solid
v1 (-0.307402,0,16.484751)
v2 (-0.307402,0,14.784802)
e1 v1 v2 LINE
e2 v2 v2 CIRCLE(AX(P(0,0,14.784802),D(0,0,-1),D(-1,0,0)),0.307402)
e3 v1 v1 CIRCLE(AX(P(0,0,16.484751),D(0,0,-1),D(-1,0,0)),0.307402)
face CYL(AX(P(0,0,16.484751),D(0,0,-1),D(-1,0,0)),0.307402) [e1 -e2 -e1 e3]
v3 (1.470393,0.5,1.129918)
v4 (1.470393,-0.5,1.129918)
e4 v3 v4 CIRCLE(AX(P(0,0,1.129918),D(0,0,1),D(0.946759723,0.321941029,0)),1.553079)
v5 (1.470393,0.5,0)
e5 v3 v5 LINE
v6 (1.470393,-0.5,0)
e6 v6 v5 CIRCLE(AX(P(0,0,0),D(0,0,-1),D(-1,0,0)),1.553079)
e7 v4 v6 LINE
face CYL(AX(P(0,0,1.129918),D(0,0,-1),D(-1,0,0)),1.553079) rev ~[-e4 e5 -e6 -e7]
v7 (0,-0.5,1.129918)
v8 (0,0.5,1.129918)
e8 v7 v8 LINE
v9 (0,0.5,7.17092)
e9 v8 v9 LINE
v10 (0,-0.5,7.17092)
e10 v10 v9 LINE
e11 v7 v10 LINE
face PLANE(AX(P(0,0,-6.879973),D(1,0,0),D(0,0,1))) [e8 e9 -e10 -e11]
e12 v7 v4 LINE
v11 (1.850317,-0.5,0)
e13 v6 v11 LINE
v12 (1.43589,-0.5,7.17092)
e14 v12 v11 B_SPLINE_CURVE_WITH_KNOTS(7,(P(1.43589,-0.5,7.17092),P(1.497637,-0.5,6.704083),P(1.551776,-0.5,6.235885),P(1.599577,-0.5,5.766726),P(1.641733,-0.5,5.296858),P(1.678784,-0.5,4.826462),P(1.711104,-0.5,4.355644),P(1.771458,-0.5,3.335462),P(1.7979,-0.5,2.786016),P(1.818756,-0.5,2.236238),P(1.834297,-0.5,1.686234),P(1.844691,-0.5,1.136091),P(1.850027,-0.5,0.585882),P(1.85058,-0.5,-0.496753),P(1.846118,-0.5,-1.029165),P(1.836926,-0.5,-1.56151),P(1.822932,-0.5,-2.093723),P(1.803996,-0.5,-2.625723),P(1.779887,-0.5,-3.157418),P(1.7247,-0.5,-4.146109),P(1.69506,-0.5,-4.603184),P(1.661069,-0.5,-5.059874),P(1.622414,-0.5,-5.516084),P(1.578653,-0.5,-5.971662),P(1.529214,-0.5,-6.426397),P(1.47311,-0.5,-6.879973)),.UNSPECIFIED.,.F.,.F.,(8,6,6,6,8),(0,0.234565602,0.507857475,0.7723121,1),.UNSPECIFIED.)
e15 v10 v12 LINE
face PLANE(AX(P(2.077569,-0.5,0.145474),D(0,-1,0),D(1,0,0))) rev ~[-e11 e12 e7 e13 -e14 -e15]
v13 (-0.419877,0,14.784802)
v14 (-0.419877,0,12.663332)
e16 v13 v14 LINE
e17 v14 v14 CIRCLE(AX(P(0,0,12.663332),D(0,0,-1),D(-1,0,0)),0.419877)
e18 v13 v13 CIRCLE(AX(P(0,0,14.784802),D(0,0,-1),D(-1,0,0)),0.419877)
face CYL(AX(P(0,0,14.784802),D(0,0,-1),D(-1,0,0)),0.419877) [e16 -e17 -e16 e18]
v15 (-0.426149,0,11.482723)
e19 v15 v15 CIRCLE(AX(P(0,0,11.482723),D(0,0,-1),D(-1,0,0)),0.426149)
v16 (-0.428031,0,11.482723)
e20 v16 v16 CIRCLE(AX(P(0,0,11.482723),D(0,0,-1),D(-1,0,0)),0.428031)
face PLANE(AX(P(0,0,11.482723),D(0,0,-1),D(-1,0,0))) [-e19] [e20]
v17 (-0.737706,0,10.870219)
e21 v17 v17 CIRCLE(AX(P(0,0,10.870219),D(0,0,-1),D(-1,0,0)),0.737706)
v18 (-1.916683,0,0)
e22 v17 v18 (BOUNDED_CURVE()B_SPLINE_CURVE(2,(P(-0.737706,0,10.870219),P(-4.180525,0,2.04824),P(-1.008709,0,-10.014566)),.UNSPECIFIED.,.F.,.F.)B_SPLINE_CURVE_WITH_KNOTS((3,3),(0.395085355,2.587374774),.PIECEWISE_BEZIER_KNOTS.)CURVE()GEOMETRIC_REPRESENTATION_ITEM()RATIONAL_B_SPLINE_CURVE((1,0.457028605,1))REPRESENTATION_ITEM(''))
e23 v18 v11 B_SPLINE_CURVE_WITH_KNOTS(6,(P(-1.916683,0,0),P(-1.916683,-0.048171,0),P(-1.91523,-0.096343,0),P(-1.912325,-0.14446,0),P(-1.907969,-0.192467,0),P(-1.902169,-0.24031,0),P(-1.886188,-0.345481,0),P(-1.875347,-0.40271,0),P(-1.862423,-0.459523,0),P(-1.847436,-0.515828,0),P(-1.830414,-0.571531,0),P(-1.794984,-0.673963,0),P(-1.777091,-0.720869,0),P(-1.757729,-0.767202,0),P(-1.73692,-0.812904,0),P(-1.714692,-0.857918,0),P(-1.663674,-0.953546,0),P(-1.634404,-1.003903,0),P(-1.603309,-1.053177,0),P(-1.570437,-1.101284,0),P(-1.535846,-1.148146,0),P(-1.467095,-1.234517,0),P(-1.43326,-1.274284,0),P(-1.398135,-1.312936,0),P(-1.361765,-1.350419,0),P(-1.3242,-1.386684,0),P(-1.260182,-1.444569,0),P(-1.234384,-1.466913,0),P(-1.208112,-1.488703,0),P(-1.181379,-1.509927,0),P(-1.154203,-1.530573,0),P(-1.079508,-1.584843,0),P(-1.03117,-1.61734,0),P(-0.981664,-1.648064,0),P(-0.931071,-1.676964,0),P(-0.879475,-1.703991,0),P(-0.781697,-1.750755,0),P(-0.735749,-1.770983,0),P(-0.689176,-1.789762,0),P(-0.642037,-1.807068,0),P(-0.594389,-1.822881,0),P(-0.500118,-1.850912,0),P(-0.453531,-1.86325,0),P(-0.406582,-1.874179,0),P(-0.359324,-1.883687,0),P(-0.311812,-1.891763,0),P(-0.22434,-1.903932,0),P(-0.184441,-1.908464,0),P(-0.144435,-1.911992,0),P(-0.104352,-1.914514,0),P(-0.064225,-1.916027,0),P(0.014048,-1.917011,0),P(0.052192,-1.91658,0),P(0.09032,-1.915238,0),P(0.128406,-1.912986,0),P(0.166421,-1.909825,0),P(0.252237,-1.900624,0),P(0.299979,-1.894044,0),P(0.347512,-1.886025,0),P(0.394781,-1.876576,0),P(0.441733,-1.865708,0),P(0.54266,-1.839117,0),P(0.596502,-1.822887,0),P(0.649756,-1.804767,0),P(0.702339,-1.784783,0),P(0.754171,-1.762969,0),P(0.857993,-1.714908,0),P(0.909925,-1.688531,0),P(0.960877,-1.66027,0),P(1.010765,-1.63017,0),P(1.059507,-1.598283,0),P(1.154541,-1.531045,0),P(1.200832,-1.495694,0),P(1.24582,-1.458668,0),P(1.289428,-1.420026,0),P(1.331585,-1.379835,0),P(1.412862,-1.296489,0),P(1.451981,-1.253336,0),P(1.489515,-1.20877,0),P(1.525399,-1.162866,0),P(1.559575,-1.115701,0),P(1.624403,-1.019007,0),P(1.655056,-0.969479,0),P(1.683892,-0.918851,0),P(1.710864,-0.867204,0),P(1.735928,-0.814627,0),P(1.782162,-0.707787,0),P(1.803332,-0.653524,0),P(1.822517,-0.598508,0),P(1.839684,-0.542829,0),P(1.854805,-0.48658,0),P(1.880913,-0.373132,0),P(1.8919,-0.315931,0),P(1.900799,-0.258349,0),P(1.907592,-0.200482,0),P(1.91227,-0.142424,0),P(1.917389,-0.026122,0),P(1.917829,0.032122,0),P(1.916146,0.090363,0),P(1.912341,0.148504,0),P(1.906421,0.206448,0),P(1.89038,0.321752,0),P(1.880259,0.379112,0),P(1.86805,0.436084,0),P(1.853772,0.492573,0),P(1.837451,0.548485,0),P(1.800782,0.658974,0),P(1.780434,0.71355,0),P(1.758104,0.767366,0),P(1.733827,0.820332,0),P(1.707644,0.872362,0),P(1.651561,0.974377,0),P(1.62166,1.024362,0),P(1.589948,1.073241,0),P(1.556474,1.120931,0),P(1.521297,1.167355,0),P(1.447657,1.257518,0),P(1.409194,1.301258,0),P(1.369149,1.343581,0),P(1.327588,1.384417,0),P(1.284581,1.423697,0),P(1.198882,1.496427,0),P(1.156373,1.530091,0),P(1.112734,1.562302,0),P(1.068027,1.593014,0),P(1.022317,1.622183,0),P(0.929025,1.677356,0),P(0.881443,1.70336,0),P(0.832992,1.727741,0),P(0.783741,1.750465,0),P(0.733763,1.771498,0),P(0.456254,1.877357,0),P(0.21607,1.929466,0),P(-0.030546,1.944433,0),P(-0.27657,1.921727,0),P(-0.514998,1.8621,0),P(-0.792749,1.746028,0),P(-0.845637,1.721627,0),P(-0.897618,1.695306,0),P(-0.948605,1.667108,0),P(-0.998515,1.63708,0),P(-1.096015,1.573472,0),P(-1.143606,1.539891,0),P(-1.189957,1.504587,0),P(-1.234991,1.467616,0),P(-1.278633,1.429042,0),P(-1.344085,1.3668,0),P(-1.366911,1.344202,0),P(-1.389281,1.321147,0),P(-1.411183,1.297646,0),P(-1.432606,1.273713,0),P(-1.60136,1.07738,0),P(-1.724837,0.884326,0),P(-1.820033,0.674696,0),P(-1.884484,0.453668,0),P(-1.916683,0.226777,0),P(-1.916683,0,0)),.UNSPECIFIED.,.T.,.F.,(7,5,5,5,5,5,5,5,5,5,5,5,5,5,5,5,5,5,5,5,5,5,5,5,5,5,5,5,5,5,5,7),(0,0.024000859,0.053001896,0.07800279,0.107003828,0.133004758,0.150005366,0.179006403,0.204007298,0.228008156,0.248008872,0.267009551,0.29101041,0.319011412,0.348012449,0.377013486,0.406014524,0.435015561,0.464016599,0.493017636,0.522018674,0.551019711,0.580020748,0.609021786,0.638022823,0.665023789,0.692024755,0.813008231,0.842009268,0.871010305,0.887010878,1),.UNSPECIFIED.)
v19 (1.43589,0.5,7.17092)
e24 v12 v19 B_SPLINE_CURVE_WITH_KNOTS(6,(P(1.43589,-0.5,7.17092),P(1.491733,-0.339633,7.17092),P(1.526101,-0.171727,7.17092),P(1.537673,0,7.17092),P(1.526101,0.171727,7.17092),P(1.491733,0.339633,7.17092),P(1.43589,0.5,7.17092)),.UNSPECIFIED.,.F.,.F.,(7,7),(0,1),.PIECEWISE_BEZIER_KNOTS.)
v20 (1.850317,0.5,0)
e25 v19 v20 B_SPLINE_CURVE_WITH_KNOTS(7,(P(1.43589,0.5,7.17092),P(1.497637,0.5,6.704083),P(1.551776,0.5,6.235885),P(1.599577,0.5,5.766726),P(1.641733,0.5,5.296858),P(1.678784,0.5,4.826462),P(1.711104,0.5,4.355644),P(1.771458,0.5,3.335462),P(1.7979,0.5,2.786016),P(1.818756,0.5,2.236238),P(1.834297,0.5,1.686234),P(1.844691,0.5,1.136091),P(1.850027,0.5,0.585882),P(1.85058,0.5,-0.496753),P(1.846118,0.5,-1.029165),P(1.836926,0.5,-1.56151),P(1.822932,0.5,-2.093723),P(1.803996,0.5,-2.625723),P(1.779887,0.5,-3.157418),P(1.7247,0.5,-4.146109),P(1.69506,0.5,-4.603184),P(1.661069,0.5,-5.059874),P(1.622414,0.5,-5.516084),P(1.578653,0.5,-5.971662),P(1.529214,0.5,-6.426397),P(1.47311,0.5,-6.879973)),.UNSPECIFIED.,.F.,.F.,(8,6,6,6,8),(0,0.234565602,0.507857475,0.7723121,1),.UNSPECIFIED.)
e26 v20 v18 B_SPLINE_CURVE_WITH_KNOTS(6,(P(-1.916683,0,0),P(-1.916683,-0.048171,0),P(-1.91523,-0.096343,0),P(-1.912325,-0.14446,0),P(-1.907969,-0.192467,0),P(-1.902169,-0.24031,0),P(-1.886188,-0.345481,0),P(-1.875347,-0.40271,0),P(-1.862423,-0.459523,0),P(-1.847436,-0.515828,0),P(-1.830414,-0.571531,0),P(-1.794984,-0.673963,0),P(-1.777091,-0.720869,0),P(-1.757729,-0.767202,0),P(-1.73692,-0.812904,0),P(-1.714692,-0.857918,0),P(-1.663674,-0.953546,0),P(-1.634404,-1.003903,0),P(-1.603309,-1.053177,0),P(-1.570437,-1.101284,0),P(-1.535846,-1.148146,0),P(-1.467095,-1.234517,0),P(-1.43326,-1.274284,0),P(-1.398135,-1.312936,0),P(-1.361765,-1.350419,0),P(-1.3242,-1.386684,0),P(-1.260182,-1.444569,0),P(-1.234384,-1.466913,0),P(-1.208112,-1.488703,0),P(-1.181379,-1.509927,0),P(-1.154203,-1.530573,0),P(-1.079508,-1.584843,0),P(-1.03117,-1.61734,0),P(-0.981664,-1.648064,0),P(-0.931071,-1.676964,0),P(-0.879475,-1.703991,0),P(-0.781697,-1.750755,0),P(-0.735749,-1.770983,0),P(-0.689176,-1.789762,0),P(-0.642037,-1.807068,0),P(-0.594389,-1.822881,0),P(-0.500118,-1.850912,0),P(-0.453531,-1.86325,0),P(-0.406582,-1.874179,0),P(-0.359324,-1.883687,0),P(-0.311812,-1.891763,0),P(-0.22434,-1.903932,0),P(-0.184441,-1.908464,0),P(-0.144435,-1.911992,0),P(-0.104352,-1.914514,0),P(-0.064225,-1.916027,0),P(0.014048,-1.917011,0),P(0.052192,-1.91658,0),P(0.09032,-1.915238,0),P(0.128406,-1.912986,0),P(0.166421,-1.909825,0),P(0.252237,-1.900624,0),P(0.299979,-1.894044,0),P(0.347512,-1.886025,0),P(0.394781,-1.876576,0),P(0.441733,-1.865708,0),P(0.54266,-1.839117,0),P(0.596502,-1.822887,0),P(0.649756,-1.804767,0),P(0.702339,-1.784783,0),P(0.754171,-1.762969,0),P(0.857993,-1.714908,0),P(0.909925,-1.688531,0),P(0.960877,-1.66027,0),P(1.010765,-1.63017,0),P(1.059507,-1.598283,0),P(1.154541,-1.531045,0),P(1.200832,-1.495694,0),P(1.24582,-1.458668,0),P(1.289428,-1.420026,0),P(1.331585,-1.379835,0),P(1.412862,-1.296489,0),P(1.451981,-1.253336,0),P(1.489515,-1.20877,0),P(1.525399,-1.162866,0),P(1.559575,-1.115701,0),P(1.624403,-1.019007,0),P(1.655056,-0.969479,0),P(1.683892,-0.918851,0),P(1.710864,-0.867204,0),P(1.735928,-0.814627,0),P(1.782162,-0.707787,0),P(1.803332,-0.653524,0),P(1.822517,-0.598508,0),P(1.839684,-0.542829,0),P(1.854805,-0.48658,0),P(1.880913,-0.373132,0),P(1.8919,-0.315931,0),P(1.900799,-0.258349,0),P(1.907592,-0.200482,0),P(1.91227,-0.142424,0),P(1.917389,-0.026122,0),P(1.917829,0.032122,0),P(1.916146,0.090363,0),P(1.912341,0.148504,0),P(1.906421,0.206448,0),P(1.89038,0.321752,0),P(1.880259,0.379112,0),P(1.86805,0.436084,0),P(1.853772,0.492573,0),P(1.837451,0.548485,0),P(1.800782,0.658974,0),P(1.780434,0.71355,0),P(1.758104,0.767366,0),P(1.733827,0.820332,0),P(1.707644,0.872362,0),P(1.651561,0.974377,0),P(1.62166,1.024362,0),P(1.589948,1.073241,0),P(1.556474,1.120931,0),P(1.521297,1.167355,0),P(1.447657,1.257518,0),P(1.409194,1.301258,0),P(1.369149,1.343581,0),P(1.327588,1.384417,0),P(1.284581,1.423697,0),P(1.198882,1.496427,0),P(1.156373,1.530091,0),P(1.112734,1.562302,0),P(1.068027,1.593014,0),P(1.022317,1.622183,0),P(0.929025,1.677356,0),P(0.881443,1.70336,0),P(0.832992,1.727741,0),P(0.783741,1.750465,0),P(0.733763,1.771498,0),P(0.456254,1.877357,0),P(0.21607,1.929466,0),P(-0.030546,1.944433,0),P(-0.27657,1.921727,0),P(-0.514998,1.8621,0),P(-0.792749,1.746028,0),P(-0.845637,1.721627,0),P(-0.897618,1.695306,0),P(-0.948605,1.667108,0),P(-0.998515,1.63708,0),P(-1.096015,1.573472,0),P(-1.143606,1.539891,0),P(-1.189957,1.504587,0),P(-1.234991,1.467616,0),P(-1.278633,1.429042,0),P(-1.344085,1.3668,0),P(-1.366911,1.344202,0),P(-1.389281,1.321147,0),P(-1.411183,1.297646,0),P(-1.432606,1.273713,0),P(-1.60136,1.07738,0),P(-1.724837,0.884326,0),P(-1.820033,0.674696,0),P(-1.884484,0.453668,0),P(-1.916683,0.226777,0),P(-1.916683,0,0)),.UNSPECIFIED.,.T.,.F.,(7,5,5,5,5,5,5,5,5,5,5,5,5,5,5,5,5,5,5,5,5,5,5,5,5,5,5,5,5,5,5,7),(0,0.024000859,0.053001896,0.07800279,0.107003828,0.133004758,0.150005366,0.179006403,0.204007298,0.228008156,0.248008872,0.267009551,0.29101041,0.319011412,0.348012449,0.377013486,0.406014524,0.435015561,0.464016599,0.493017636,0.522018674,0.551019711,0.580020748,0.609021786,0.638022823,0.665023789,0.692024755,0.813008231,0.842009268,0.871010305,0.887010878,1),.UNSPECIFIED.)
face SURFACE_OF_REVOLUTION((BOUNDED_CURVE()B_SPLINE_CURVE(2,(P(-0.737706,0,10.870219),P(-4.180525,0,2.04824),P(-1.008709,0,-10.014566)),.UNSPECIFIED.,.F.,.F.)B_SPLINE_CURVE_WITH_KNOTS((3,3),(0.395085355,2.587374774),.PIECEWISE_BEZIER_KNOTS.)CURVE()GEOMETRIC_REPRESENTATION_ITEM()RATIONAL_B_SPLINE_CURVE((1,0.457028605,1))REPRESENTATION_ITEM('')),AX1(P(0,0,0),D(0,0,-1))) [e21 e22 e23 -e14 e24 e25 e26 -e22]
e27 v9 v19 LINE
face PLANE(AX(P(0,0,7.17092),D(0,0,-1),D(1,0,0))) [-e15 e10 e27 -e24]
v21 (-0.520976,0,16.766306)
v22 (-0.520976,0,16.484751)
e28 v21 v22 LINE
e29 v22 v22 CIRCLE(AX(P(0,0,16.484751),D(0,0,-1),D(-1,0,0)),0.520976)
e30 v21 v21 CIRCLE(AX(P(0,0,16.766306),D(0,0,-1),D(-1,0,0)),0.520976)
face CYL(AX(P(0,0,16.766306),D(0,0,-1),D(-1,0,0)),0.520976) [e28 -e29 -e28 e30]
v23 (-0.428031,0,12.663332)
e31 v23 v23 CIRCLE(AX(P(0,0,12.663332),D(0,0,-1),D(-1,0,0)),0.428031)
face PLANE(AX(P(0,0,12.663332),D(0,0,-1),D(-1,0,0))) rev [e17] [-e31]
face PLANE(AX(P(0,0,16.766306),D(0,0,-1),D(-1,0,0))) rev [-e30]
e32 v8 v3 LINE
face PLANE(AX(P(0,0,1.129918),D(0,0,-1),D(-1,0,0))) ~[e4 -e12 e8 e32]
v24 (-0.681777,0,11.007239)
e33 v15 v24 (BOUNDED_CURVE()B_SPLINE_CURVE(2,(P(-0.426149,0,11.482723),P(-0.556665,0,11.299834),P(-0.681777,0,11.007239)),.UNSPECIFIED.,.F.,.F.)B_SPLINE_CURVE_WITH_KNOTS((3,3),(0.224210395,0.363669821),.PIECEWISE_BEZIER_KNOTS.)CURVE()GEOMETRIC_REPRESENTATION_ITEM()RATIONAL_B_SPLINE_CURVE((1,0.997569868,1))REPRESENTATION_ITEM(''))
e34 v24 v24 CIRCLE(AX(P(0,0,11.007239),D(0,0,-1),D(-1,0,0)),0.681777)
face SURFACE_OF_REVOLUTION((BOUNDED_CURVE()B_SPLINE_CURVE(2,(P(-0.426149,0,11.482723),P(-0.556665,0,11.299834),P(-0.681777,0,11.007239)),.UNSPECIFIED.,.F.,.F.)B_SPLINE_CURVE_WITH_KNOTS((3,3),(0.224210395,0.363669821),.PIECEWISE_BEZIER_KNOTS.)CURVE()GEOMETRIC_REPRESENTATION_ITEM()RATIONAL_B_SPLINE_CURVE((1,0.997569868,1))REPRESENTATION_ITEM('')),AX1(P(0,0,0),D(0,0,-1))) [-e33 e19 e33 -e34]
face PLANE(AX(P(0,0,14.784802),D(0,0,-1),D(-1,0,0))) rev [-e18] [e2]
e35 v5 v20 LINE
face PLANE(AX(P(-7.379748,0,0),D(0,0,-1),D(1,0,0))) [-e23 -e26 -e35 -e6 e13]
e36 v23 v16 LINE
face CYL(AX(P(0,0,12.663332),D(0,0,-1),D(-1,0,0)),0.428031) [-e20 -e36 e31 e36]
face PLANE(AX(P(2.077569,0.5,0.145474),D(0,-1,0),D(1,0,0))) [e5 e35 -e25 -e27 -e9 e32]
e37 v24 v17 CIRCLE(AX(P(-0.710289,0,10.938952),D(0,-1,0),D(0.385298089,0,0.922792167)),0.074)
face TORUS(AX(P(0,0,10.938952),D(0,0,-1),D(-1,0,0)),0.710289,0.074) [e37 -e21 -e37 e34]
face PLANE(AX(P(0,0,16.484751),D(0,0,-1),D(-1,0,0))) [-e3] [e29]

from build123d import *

# Parameters (mm, degrees)
F4_W     = 4.1551380418
F4_H     = 14.0508930199
F5_DEPTH = 0.5
F6_W     = 15.2522735298
F6_H     = 13.0339283496
F7_DEPTH = 12.5


with BuildPart() as f1:
    # F0 (on Front) → F1 (revolve)
    with BuildSketch(Plane.XZ):
        with BuildLine():
            Line((-0.4280307109, 11.4827230744), (-0.4261488038, 11.4827230744))
            add(Edge.make_bspline(
                [(-0.4261488038, 11.4827230744), (-0.556664915, 11.2998342577), (-0.6817765252, 11.007238571)],
                knots=[0.2242103955, 0.2242103955, 0.2242103955, 0.3636698207, 0.3636698207, 0.3636698207], degree=2, weights=[1, 0.9975698685, 1]))
            ThreePointArc((-0.6817765252, 11.007238571), (-0.7788007209, 10.9669177702), (-0.7377063806, 10.8702186661))
            add(Edge.make_bspline(
                [(-0.7377063806, 10.8702186661), (-4.1805245814, 2.0482402355), (-1.0087089855, -10.0145657089)],
                knots=[0.3950853549, 0.3950853549, 0.3950853549, 2.5873747735, 2.5873747735, 2.5873747735], degree=2, weights=[1, 0.4570286054, 1]))
            ThreePointArc((-1.0087089855, -10.0145657089), (-1.0611021421, -10.1053598506), (-0.9701333294, -10.1574491407))
            add(Edge.make_bspline(
                [(-0.9701333294, -10.1574491407), (-0.5208925622, -11.7775146313), (0, -11.7775146313)],
                knots=[2.610875288, 2.610875288, 2.610875288, 3.1415926536, 3.1415926536, 3.1415926536], degree=2, weights=[1, 0.9649984965, 1]))
            Line((0, -11.7775146313), (0, 11.4827230744))
            Line((0, 11.4827230744), (0, 11.7775146313))
            Line((0, 11.7775146313), (0, 12.6633324179))
            Line((0, 12.6633324179), (0, 14.7848022901))
            Line((0, 14.7848022901), (0, 16.4847507584))
            Line((0, 16.4847507584), (0, 16.7663060129))
            Line((0, 16.7663060129), (-0.5209763767, 16.7663060129))
            Line((-0.5209763767, 16.7663060129), (-0.5209763767, 16.4847507584))
            Line((-0.5209763767, 16.4847507584), (-0.3074016407, 16.4847507584))
            Line((-0.3074016407, 16.4847507584), (-0.3074016407, 14.7848022901))
            Line((-0.3074016407, 14.7848022901), (-0.419876547, 14.7848022901))
            Line((-0.419876547, 14.7848022901), (-0.419876547, 12.6633324179))
            Line((-0.419876547, 12.6633324179), (-0.4280307109, 12.6633324179))
            Line((-0.4280307109, 12.6633324179), (-0.4280307109, 11.4827230744))
        make_face()
    revolve(axis=Axis((0, 0, 0), (0, 0, -1)))

    # F2 (on Front) → F3 (revolve, cut)
    with BuildSketch(Plane.XZ):
        Polygon((0, 0), (0, 1.129917684), (-1.5530794626, 1.129917684), (-1.5530794626, 0), (-1.5530794626, -1.129917684), (0, -1.129917684), align=None)
    revolve(axis=Axis((0, 0, -0.564958842), (0, 0, -1)), mode=Mode.SUBTRACT)

    # F4 (on Front) → F5 (cut, symmetric)
    with BuildSketch(Plane.XZ):
        with Locations((2.0775690209, 0.1454737503)):
            Rectangle(F4_W, F4_H)
    extrude(amount=F5_DEPTH, both=True, mode=Mode.SUBTRACT)

    # F6 (on Front) → F7 (cut, symmetric)
    with BuildSketch(Plane.XZ):
        with Locations((0.2463888377, -6.5169641748)):
            Rectangle(F6_W, F6_H)
    extrude(amount=F7_DEPTH, both=True, mode=Mode.SUBTRACT)


solid = f1.part
